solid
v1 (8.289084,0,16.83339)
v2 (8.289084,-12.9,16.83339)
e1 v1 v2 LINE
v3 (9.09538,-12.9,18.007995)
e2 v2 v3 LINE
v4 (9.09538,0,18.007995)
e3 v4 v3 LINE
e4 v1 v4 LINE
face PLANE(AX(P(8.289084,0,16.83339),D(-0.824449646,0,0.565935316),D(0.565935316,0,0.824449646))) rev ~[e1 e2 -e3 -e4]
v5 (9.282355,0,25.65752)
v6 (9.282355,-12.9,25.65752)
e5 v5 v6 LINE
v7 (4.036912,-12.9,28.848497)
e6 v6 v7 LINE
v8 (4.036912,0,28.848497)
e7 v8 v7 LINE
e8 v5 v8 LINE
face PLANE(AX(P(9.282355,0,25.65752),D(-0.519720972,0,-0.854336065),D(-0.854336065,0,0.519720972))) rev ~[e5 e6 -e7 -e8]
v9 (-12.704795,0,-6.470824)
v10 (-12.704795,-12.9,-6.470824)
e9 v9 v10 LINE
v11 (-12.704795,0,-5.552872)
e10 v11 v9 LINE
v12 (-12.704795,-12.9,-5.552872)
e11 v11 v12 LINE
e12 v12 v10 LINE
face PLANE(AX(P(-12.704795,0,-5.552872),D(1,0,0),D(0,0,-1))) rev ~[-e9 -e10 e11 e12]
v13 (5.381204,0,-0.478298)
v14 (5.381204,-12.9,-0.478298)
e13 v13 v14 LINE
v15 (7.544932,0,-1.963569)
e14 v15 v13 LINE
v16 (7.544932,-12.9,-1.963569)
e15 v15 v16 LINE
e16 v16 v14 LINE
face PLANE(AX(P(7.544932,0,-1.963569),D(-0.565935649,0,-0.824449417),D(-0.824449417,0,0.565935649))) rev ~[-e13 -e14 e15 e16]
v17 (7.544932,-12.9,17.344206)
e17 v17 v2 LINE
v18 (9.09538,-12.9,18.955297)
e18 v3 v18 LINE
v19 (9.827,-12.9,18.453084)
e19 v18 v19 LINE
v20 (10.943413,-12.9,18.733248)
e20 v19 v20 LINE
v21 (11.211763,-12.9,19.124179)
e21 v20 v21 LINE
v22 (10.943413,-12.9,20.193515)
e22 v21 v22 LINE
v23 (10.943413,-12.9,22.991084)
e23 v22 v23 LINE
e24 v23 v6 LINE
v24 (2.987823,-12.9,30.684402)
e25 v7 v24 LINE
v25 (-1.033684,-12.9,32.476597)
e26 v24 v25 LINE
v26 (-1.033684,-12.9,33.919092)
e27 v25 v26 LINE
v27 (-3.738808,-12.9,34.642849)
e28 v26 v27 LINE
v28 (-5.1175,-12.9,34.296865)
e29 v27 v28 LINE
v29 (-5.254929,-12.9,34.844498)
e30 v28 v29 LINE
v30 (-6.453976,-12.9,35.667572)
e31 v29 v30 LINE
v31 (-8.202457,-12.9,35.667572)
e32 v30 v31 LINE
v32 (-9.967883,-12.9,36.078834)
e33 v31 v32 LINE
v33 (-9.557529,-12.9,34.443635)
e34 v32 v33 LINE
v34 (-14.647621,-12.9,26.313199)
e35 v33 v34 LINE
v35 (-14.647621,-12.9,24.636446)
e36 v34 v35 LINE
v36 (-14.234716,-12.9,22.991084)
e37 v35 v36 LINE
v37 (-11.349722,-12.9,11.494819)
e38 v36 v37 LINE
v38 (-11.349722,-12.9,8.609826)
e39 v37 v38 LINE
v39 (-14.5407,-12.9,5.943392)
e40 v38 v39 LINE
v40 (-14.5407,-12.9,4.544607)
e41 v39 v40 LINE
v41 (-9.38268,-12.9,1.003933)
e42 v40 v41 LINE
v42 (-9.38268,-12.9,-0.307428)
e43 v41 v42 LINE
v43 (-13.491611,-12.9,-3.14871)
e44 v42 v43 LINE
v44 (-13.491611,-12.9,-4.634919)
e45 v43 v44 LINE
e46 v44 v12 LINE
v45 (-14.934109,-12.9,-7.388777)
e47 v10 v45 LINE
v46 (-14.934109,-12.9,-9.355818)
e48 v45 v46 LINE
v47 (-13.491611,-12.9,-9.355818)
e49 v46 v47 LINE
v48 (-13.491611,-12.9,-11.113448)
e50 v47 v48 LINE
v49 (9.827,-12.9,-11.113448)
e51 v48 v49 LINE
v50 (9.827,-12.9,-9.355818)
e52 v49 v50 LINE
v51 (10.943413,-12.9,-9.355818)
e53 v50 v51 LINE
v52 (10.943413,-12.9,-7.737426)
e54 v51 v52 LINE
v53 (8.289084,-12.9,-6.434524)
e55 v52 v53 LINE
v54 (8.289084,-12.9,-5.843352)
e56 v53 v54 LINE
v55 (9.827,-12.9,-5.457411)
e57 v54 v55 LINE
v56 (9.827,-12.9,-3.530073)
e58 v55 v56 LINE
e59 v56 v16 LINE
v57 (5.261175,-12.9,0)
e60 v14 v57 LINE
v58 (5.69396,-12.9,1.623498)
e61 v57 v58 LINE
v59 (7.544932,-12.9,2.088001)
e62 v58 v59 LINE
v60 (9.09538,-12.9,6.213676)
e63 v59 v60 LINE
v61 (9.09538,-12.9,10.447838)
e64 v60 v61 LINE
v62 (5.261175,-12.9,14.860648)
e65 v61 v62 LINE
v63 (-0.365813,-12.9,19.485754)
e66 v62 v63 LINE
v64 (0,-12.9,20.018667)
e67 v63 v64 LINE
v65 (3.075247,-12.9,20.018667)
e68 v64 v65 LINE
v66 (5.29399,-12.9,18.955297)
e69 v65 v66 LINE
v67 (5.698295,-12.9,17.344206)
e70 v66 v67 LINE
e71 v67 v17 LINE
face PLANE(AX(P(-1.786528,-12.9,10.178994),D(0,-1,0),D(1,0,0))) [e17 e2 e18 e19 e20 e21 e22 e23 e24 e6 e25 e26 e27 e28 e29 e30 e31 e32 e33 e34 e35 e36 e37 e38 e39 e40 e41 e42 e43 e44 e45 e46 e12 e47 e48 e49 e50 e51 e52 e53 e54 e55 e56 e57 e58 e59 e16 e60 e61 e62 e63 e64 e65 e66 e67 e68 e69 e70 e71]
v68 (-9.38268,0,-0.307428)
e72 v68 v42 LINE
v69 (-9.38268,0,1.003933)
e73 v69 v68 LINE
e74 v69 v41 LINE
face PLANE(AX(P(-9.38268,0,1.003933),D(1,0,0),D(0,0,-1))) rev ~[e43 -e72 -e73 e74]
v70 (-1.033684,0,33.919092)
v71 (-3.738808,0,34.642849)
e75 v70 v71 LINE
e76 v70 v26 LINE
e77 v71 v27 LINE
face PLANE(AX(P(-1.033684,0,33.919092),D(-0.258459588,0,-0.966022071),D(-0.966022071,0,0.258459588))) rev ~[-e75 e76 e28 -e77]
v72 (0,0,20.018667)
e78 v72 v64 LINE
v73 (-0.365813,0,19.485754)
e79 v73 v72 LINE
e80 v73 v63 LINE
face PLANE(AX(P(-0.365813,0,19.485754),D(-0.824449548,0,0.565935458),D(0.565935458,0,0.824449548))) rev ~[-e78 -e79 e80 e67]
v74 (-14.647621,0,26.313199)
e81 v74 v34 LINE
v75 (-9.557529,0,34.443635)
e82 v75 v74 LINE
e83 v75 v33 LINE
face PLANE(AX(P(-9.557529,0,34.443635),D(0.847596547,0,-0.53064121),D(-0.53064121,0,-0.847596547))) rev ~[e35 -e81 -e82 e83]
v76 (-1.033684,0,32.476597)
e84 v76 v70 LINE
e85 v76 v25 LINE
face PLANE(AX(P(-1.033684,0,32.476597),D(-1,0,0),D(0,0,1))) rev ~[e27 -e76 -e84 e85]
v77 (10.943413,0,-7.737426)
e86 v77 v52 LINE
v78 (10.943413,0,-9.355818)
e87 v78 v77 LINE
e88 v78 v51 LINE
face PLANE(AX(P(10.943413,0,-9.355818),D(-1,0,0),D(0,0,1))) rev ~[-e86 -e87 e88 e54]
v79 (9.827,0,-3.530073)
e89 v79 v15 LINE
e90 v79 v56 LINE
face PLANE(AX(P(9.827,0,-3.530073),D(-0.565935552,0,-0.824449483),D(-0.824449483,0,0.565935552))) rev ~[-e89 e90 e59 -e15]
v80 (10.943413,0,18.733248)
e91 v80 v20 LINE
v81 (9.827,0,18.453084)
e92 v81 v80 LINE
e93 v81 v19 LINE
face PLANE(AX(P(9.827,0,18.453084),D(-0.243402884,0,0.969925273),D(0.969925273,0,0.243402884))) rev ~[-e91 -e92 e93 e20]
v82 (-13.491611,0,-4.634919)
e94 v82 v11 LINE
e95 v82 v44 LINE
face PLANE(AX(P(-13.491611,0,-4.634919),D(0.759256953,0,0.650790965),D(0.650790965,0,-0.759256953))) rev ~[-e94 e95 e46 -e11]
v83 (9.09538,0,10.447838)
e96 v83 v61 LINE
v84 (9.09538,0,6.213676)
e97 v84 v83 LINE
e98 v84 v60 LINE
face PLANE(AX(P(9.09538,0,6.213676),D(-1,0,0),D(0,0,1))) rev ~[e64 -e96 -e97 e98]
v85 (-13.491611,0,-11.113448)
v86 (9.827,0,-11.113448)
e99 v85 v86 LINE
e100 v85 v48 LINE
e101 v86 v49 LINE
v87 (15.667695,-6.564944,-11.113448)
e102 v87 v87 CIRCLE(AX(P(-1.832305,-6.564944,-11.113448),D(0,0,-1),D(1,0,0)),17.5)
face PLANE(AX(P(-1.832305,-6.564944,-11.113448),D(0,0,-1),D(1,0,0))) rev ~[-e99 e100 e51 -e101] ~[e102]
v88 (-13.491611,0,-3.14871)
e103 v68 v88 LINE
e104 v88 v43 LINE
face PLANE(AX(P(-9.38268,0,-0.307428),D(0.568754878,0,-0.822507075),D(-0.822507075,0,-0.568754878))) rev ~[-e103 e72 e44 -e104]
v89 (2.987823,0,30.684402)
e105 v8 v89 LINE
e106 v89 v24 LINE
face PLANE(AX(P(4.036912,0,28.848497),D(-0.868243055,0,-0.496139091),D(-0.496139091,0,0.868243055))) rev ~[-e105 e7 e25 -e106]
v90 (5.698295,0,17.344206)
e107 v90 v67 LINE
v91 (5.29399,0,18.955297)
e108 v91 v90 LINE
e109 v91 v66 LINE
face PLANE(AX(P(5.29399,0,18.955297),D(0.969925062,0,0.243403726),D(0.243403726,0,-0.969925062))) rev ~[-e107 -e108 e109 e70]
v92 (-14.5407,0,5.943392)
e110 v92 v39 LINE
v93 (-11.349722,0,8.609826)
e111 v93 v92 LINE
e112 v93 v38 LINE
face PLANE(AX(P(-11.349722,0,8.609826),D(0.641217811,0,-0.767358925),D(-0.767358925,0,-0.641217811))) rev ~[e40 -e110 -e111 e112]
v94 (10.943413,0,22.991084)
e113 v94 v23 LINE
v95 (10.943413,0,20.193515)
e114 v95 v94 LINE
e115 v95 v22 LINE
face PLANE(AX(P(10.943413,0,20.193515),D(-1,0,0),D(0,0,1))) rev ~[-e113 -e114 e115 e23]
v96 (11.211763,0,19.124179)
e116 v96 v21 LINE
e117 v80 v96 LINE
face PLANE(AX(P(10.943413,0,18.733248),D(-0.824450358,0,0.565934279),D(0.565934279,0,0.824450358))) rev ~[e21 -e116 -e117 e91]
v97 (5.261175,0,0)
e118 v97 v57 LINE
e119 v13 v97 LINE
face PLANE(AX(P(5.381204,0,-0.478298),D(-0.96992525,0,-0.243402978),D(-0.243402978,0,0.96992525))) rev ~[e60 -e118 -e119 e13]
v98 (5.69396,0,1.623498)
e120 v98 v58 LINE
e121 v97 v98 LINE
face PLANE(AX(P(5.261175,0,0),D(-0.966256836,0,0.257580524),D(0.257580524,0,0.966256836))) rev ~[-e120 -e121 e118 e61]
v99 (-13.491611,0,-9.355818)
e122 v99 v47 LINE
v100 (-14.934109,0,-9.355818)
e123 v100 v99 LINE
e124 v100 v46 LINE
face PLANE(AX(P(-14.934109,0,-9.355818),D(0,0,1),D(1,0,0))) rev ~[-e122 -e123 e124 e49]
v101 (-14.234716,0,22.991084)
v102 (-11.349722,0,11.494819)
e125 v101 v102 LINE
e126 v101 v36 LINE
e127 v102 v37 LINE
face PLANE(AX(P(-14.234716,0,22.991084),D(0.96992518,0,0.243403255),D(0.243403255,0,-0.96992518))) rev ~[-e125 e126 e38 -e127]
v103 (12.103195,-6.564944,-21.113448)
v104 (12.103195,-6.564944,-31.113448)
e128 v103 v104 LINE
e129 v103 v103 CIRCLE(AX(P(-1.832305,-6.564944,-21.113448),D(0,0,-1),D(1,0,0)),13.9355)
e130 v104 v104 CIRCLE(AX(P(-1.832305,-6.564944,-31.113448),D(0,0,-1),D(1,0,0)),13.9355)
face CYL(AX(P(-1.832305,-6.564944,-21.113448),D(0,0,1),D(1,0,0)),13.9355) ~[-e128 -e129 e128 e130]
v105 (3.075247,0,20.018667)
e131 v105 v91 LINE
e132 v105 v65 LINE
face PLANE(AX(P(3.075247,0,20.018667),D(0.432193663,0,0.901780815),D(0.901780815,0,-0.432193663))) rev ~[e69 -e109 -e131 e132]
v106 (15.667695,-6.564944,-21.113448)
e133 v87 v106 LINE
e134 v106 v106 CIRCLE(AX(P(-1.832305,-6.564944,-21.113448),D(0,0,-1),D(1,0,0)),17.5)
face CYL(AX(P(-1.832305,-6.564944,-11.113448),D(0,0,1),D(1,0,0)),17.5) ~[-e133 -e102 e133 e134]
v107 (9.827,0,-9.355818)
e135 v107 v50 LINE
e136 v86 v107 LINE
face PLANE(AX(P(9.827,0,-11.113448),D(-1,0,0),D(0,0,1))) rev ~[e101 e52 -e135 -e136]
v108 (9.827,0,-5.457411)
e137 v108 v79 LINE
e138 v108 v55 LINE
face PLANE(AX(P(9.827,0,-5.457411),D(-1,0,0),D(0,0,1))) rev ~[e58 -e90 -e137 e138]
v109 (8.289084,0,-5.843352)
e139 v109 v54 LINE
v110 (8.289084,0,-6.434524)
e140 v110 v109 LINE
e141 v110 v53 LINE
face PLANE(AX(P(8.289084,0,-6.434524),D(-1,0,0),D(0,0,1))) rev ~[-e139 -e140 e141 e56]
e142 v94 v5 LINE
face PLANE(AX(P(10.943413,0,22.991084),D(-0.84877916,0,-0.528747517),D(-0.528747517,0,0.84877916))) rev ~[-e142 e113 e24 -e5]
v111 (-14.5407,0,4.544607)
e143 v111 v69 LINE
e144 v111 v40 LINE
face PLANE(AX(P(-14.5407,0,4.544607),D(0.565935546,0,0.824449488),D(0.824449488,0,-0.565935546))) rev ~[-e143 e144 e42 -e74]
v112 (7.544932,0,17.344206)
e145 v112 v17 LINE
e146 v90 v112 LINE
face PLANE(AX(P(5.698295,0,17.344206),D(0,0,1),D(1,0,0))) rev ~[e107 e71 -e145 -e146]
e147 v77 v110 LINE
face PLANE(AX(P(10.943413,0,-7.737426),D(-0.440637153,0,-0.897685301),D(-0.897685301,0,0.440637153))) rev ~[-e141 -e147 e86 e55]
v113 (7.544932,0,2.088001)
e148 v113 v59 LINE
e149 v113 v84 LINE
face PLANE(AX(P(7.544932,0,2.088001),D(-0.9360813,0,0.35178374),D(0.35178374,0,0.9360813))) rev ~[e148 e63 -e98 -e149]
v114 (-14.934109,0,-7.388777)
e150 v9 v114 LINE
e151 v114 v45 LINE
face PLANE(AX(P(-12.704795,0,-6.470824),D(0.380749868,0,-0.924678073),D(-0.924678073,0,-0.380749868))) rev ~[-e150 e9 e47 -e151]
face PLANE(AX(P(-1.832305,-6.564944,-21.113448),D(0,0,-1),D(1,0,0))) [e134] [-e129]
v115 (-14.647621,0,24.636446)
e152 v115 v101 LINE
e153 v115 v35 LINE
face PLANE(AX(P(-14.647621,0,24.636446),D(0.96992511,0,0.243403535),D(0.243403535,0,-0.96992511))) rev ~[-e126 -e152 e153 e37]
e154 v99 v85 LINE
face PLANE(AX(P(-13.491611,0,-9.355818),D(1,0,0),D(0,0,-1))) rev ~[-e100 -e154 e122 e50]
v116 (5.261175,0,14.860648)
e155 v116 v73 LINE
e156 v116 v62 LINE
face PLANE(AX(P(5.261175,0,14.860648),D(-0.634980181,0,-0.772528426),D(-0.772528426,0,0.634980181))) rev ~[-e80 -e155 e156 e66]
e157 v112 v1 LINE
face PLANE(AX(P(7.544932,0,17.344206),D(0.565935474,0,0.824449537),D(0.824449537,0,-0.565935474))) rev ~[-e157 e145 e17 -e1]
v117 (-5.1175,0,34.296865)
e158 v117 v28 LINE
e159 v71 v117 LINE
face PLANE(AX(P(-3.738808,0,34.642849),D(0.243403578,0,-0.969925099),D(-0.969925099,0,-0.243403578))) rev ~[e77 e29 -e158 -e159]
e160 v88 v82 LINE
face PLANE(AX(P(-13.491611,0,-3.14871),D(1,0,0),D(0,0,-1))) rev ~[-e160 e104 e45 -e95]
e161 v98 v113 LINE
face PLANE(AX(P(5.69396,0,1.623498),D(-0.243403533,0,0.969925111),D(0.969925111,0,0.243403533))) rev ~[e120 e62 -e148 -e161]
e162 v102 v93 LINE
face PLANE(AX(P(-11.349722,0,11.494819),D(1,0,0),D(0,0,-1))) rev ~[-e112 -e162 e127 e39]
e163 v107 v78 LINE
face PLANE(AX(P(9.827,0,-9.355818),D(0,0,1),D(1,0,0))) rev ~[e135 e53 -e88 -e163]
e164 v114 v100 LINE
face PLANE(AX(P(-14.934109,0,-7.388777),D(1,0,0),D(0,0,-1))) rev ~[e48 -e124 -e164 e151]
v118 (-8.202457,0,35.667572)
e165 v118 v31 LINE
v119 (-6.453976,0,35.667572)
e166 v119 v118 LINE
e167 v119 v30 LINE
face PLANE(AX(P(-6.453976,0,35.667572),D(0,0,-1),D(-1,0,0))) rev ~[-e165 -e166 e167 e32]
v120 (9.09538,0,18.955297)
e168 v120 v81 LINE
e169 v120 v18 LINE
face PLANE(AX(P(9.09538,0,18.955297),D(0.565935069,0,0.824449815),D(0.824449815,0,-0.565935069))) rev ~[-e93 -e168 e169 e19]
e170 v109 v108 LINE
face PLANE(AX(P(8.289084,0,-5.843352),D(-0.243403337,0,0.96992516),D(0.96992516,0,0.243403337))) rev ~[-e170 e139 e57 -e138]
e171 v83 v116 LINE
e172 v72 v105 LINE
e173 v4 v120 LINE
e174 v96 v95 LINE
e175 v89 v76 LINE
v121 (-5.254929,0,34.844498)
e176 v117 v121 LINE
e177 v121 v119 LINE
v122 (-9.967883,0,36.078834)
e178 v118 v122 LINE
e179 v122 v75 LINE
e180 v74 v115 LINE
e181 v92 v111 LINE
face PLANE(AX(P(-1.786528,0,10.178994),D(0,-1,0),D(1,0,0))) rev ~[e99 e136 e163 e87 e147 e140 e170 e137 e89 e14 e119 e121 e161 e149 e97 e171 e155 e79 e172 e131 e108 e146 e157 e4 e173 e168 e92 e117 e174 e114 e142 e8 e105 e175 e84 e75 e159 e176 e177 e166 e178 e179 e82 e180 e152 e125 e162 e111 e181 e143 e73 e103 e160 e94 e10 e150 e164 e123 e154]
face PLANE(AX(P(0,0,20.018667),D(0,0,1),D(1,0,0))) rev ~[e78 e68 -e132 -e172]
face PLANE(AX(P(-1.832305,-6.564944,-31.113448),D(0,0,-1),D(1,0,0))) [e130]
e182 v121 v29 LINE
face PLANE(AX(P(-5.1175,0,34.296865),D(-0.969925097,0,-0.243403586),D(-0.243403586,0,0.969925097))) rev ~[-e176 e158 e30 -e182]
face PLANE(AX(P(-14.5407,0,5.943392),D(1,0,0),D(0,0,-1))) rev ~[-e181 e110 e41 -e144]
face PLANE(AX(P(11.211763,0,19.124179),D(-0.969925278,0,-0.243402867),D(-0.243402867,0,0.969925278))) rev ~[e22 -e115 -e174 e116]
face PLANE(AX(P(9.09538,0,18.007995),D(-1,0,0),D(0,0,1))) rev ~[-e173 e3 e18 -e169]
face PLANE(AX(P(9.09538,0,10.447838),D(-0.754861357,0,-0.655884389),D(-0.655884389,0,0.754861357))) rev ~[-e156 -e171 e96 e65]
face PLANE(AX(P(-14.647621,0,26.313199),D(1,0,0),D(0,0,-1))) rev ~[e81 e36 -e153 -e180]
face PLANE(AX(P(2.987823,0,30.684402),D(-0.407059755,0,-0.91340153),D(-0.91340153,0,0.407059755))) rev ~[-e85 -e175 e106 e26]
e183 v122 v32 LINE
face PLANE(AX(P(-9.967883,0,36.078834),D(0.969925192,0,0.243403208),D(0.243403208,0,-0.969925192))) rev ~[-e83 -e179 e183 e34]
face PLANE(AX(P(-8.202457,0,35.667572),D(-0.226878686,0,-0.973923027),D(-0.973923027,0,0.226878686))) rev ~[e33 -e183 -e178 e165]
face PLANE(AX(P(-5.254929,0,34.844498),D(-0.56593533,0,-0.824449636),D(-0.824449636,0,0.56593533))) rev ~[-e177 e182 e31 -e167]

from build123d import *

# Parameters (mm, degrees)
F1_DEPTH = 12.9
F2_R     = 17.5
F3_DEPTH = 10
F4_R     = 13.9355
F5_DEPTH = 10


with BuildPart() as f1:
    # F0 (on Front) → F1 (new body)
    with BuildSketch(Plane.XZ):
        Polygon((-13.491611, -11.113448), (0, -11.113448), (9.827, -11.113448), (9.827, -9.355818), (10.943413, -9.355818), (10.943413, -7.737426), (8.289084, -6.434524), (8.289084, -5.843352), (9.827, -5.457411), (9.827, -3.530073), (7.544932, -1.963569), (5.381204, -0.478298), (5.261175, 0), (5.69396, 1.623498), (7.544932, 2.088001), (9.09538, 6.213676), (9.09538, 10.447838), (5.261175, 14.860648), (-0.365813, 19.485754), (0, 20.018667), (3.075247, 20.018667), (5.29399, 18.955297), (5.698295, 17.344206), (7.544932, 17.344206), (8.289084, 16.83339), (9.09538, 18.007995), (9.09538, 18.955297), (9.827, 18.453084), (10.943413, 18.733248), (11.211763, 19.124179), (10.943413, 20.193515), (10.943413, 21.15518), (10.943413, 21.767149), (10.943413, 22.991084), (9.282355, 25.65752), (4.036912, 28.848497), (2.987823, 30.684402), (-1.033684, 32.476597), (-1.033684, 33.919092), (-3.738808, 34.642849), (-5.1175, 34.296865), (-5.254929, 34.844498), (-6.453976, 35.667572), (-8.202457, 35.667572), (-9.967883, 36.078834), (-9.557529, 34.443635), (-14.647621, 26.313199), (-14.647621, 24.636446), (-14.234716, 22.991084), (-11.349722, 11.494819), (-11.349722, 8.609826), (-14.5407, 5.943392), (-14.5407, 4.544607), (-9.38268, 1.003933), (-9.38268, -0.307428), (-13.491611, -3.14871), (-13.491611, -4.634919), (-12.704795, -5.552872), (-12.704795, -6.470824), (-14.934109, -7.388777), (-14.934109, -9.355818), (-13.491611, -9.355818), align=None)
    extrude(amount=F1_DEPTH)

    # F2 (on face) → F3 (join)
    with BuildSketch(Plane(origin=(0, 0, -11.113448), x_dir=(1, 0, 0), z_dir=(0, 0, -1))):
        with Locations((-1.832305, 6.564944)):
            Circle(F2_R)
    extrude(amount=F3_DEPTH)

    # F4 (on face) → F5 (join)
    with BuildSketch(Plane(origin=(0, 0, -21.113448), x_dir=(1, 0, 0), z_dir=(0, 0, -1))):
        with Locations((-1.832305, 6.564944)):
            Circle(F4_R)
    extrude(amount=F5_DEPTH)


solid = f1.part
